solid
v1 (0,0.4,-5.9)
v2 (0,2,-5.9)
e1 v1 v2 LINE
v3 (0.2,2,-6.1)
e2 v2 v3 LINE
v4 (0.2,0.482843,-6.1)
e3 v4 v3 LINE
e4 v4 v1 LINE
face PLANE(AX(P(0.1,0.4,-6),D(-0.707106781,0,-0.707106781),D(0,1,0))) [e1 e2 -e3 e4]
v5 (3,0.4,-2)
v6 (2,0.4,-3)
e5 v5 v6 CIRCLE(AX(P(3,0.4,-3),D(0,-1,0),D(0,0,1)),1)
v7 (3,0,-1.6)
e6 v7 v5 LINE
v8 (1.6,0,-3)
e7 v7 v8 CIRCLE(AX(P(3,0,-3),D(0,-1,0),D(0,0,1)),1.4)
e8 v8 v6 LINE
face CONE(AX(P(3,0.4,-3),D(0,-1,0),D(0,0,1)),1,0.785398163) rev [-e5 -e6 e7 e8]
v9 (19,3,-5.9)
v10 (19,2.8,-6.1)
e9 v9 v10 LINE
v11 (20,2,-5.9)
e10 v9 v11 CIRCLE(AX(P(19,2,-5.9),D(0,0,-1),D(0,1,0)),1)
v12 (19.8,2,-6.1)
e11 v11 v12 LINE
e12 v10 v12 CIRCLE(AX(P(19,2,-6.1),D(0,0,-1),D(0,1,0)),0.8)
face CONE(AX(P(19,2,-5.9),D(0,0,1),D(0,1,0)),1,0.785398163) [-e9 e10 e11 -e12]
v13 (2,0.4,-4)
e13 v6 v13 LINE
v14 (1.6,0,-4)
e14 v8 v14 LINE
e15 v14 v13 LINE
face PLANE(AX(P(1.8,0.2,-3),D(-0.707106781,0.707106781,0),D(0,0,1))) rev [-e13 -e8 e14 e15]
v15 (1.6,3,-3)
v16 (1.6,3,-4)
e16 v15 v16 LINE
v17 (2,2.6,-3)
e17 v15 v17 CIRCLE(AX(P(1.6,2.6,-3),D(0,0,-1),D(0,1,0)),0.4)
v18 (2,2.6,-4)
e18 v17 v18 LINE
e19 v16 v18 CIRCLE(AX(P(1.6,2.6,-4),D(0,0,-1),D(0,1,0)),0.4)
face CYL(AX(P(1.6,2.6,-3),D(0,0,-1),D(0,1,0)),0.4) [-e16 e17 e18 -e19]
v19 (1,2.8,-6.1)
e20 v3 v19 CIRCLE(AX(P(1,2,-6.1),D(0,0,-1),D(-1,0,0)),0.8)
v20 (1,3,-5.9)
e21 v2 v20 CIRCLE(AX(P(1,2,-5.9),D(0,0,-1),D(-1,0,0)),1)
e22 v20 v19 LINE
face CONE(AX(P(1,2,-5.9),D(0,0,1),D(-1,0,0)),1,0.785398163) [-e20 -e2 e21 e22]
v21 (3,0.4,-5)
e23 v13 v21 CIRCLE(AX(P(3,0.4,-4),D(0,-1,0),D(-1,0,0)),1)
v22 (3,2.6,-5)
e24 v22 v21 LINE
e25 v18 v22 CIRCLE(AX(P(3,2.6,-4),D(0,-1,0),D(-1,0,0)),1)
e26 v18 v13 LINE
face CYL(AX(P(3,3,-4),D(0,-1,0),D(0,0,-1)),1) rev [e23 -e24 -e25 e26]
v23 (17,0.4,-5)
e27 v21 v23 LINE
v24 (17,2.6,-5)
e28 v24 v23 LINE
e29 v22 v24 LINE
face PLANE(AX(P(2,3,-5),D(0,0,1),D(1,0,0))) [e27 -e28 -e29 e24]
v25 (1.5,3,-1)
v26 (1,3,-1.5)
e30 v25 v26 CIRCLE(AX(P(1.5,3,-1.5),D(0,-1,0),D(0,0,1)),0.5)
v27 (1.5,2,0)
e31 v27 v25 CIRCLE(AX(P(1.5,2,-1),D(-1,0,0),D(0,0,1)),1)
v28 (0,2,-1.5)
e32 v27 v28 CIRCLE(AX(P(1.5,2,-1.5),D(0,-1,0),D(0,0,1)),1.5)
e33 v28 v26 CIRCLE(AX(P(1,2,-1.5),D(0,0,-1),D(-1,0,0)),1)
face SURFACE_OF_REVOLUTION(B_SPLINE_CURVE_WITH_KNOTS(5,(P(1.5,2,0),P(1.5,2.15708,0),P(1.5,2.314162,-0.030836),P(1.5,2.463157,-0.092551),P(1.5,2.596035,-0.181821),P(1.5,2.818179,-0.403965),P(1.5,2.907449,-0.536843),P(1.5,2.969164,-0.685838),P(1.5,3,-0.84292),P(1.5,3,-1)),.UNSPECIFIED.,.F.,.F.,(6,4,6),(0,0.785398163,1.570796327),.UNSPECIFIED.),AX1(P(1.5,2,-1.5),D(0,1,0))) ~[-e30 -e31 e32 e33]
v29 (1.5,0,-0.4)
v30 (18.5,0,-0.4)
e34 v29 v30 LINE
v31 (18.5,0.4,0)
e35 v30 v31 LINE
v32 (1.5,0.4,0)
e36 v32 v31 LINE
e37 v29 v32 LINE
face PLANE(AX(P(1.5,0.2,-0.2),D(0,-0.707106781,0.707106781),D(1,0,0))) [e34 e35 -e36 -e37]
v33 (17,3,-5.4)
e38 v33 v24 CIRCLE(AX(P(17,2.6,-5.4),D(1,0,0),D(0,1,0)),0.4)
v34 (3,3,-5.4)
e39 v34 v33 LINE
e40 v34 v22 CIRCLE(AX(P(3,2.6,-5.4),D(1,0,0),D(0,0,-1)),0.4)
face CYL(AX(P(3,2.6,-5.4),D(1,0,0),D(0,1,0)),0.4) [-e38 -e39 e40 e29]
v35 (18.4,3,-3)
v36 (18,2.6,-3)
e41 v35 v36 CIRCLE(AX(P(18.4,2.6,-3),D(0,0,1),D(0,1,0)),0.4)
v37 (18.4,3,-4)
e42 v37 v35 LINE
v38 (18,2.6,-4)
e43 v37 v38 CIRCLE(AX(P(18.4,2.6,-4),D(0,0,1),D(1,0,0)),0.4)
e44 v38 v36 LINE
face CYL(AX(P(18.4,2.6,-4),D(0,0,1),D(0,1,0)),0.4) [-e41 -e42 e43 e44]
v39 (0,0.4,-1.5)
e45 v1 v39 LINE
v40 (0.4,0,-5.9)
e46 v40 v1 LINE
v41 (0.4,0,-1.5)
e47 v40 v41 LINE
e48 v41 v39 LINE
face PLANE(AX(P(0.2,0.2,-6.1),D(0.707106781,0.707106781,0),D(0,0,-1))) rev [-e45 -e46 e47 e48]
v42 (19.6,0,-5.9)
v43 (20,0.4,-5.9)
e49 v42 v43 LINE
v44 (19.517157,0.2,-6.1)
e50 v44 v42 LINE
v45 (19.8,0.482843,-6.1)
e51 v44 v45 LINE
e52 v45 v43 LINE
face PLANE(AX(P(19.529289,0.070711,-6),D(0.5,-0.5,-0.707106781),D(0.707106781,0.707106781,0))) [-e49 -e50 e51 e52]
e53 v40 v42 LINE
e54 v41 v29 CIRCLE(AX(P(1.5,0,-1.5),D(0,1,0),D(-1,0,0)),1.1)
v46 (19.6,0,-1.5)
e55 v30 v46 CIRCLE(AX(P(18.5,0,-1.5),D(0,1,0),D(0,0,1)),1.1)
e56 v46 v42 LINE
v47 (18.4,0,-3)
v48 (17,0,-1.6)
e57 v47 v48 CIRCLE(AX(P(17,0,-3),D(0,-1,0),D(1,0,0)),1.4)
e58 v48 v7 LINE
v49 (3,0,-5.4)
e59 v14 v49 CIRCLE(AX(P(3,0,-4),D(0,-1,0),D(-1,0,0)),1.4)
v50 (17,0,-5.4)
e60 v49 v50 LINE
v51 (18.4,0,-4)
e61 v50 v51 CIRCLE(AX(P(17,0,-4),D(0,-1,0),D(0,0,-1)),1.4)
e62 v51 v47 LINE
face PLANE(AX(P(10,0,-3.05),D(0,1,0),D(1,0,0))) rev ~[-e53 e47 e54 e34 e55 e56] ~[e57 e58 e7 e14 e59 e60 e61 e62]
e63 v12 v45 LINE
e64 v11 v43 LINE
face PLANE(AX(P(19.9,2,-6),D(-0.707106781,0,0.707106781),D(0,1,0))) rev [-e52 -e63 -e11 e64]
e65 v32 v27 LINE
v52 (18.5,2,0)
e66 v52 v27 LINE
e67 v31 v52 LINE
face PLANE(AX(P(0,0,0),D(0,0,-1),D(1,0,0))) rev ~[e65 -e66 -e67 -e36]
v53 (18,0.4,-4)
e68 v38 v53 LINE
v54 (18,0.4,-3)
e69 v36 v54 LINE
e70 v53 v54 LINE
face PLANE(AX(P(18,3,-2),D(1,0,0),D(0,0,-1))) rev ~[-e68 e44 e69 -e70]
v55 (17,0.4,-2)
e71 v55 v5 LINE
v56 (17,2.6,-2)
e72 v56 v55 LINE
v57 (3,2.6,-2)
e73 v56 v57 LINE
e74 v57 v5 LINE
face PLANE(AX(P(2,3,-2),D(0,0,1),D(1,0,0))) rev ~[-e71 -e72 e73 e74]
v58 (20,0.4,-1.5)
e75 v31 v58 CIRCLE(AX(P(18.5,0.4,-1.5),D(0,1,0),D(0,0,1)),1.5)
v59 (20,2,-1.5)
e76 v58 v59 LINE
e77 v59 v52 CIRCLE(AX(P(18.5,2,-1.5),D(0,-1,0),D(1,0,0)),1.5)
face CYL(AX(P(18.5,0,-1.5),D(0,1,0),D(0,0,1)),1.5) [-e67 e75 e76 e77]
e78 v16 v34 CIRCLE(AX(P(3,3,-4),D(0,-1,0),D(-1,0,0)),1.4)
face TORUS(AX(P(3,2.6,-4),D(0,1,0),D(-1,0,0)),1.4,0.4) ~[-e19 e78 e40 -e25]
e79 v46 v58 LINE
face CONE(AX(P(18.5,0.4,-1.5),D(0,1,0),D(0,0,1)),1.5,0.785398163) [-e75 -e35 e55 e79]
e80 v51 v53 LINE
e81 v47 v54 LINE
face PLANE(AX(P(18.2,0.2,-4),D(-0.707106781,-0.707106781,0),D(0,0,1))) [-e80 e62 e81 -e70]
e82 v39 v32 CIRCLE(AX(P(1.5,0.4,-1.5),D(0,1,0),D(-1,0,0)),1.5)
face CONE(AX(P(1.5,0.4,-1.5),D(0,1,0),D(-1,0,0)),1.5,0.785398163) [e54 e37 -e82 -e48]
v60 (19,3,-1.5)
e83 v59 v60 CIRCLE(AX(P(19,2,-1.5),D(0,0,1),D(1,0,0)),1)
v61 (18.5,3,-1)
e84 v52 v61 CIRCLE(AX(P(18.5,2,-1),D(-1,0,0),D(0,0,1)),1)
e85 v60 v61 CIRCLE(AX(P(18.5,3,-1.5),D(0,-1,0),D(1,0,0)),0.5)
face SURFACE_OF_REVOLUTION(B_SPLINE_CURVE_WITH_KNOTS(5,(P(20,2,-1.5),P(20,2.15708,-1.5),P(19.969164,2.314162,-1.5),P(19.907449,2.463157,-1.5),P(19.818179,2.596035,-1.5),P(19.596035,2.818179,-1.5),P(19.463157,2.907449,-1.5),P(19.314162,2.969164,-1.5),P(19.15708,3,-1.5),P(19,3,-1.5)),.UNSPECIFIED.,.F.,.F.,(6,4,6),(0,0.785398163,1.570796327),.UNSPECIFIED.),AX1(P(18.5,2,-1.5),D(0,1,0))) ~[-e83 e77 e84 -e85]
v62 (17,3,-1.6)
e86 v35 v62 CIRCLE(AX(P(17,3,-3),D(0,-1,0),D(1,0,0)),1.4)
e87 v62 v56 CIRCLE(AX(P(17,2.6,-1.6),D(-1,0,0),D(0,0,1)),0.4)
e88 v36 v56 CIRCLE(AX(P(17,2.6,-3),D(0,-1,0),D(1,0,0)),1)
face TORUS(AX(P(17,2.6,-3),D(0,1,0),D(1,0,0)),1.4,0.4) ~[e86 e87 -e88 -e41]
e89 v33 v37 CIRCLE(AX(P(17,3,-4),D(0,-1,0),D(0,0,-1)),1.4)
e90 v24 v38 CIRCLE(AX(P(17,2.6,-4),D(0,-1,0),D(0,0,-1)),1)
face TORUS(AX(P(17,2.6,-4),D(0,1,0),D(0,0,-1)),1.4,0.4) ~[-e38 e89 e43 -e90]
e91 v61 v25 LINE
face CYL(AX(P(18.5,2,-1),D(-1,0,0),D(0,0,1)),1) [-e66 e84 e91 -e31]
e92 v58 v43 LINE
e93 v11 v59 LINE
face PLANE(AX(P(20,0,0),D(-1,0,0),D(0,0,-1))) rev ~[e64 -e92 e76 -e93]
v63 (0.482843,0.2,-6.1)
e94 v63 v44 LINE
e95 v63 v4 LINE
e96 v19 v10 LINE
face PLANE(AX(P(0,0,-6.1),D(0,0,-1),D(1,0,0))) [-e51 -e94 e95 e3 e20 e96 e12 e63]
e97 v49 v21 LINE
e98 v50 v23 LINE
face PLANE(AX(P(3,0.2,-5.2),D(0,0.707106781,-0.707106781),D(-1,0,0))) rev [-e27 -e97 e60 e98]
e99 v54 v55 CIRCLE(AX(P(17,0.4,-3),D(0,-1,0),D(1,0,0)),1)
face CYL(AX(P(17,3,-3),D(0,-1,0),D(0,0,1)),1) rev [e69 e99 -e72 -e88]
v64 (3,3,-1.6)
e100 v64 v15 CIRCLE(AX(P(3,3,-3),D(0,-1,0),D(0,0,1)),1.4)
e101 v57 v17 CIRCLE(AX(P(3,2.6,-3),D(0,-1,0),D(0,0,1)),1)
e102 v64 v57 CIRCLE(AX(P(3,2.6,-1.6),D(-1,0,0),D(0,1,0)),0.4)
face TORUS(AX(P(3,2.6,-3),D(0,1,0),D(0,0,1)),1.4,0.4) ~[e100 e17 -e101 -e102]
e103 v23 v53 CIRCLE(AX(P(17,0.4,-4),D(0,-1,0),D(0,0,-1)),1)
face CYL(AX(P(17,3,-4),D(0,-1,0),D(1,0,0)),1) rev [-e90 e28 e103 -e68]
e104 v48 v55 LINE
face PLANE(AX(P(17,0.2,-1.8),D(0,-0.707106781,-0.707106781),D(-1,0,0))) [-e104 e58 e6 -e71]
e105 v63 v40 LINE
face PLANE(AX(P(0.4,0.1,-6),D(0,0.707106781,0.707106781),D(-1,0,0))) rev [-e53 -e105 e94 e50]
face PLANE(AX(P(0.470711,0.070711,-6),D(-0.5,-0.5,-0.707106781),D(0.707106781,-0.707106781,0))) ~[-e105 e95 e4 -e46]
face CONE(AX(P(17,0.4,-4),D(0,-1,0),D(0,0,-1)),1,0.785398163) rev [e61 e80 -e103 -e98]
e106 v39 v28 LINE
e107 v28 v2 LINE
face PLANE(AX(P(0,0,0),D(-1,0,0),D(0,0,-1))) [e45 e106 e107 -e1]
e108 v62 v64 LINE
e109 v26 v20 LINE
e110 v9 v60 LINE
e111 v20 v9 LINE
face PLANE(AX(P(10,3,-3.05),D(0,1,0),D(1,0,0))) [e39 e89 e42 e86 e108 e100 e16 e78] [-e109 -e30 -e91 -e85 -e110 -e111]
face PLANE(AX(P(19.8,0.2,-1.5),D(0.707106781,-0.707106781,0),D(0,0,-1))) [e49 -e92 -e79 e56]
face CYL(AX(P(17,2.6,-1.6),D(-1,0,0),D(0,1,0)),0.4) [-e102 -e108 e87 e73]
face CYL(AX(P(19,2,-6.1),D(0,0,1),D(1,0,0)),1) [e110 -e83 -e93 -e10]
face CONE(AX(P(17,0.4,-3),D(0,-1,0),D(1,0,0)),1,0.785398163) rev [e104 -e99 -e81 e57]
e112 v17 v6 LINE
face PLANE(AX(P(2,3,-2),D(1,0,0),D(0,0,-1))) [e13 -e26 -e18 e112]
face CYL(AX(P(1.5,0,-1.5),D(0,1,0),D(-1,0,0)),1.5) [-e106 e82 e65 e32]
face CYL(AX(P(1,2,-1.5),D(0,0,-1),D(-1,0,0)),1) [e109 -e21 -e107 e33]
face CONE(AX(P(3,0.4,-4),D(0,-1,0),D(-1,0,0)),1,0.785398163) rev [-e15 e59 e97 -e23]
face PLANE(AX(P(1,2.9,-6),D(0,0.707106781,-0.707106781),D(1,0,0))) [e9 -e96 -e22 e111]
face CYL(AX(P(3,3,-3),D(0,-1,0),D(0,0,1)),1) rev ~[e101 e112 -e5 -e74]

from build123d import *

# Parameters (mm, degrees)
SKETCH_1_W          = 20
SKETCH_1_H          = 6.1
EXTRUDE_1_DEPTH     = 3
SKETCH_2_W          = 16
SKETCH_2_H          = 3
CUT_EXTRUDE_1_DEPTH = 3
FILLET_1_R          = 1
FILLET_2_R          = 1.5
FILLET_3_R          = 1
CHAMFER_1_SIZE      = 0.4
FILLET_4_R          = 0.4
CHAMFER_2_SIZE      = 0.2


with BuildPart() as part:
    # 草图1 → 凸台-拉伸1 (new body)
    with BuildSketch(Plane(origin=(0, 0, 0), x_dir=(1, 0, 0), z_dir=(0, 1, 0))):
        with Locations((10, 3.05)):
            Rectangle(SKETCH_1_W, SKETCH_1_H)
    extrude(amount=EXTRUDE_1_DEPTH)

    # 草图2 → 切除-拉伸1 (cut)
    with BuildSketch(Plane(origin=(0, 3, 0), x_dir=(1, 0, 0), z_dir=(0, 1, 0))):
        with Locations((10, 3.5)):
            Rectangle(SKETCH_2_W, SKETCH_2_H)
    extrude(amount=-CUT_EXTRUDE_1_DEPTH, mode=Mode.SUBTRACT)

    # 圆角1
    fillet_1_edges = [part.edges().sort_by_distance(p)[0] for p in [
        (2, 1.5, -2),
        (2, 1.5, -5),
        (18, 1.5, -5),
        (18, 1.5, -2),
    ]]
    fillet(fillet_1_edges, radius=FILLET_1_R)

    # 圆角2
    fillet_2_edges = [part.edges().sort_by_distance(p)[0] for p in [
        (20, 1.5, 0),
        (0, 1.5, 0),
    ]]
    fillet(fillet_2_edges, radius=FILLET_2_R)

    # 圆角3
    fillet_3_edges = [part.edges().sort_by_distance(p)[0] for p in [
        (0, 3, -3.8),
        (10, 3, 0),
        (20, 3, -3.8),
        (19.560660172, 3, -0.439339828),
        (0.439339828, 3, -0.439339828),
    ]]
    fillet(fillet_3_edges, radius=FILLET_3_R)

    # 倒角1
    chamfer_1_edges = [part.edges().sort_by_distance(p)[0] for p in [
        (2, 0, -3.5),
        (10, 0, -5),
        (18, 0, -3.5),
        (10, 0, -2),
        (2.292893219, 0, -4.707106781),
        (17.707106781, 0, -4.707106781),
        (17.707106781, 0, -2.292893219),
        (2.292893219, 0, -2.292893219),
        (10, 0, 0),
        (20, 0, -3.8),
        (19.560660172, 0, -0.439339828),
        (0.439339828, 0, -0.439339828),
        (0, 0, -3.8),
    ]]
    chamfer(chamfer_1_edges, length=CHAMFER_1_SIZE)

    # 圆角4
    fillet_4_edges = [part.edges().sort_by_distance(p)[0] for p in [
        (2, 3, -3.5),
        (10, 3, -5),
        (18, 3, -3.5),
        (10, 3, -2),
        (2.292893219, 3, -4.707106781),
        (17.707106781, 3, -4.707106781),
        (17.707106781, 3, -2.292893219),
        (2.292893219, 3, -2.292893219),
    ]]
    fillet(fillet_4_edges, radius=FILLET_4_R)

    # 倒角2
    chamfer_2_edges = [part.edges().sort_by_distance(p)[0] for p in [
        (19.8, 0.2, -6.1),
        (0.2, 0.2, -6.1),
        (10, 3, -6.1),
        (0, 1.2, -6.1),
        (20, 1.2, -6.1),
        (19.707106781, 2.707106781, -6.1),
        (0.292893219, 2.707106781, -6.1),
        (10, 0, -6.1),
    ]]
    chamfer(chamfer_2_edges, length=CHAMFER_2_SIZE)


solid = part.part
